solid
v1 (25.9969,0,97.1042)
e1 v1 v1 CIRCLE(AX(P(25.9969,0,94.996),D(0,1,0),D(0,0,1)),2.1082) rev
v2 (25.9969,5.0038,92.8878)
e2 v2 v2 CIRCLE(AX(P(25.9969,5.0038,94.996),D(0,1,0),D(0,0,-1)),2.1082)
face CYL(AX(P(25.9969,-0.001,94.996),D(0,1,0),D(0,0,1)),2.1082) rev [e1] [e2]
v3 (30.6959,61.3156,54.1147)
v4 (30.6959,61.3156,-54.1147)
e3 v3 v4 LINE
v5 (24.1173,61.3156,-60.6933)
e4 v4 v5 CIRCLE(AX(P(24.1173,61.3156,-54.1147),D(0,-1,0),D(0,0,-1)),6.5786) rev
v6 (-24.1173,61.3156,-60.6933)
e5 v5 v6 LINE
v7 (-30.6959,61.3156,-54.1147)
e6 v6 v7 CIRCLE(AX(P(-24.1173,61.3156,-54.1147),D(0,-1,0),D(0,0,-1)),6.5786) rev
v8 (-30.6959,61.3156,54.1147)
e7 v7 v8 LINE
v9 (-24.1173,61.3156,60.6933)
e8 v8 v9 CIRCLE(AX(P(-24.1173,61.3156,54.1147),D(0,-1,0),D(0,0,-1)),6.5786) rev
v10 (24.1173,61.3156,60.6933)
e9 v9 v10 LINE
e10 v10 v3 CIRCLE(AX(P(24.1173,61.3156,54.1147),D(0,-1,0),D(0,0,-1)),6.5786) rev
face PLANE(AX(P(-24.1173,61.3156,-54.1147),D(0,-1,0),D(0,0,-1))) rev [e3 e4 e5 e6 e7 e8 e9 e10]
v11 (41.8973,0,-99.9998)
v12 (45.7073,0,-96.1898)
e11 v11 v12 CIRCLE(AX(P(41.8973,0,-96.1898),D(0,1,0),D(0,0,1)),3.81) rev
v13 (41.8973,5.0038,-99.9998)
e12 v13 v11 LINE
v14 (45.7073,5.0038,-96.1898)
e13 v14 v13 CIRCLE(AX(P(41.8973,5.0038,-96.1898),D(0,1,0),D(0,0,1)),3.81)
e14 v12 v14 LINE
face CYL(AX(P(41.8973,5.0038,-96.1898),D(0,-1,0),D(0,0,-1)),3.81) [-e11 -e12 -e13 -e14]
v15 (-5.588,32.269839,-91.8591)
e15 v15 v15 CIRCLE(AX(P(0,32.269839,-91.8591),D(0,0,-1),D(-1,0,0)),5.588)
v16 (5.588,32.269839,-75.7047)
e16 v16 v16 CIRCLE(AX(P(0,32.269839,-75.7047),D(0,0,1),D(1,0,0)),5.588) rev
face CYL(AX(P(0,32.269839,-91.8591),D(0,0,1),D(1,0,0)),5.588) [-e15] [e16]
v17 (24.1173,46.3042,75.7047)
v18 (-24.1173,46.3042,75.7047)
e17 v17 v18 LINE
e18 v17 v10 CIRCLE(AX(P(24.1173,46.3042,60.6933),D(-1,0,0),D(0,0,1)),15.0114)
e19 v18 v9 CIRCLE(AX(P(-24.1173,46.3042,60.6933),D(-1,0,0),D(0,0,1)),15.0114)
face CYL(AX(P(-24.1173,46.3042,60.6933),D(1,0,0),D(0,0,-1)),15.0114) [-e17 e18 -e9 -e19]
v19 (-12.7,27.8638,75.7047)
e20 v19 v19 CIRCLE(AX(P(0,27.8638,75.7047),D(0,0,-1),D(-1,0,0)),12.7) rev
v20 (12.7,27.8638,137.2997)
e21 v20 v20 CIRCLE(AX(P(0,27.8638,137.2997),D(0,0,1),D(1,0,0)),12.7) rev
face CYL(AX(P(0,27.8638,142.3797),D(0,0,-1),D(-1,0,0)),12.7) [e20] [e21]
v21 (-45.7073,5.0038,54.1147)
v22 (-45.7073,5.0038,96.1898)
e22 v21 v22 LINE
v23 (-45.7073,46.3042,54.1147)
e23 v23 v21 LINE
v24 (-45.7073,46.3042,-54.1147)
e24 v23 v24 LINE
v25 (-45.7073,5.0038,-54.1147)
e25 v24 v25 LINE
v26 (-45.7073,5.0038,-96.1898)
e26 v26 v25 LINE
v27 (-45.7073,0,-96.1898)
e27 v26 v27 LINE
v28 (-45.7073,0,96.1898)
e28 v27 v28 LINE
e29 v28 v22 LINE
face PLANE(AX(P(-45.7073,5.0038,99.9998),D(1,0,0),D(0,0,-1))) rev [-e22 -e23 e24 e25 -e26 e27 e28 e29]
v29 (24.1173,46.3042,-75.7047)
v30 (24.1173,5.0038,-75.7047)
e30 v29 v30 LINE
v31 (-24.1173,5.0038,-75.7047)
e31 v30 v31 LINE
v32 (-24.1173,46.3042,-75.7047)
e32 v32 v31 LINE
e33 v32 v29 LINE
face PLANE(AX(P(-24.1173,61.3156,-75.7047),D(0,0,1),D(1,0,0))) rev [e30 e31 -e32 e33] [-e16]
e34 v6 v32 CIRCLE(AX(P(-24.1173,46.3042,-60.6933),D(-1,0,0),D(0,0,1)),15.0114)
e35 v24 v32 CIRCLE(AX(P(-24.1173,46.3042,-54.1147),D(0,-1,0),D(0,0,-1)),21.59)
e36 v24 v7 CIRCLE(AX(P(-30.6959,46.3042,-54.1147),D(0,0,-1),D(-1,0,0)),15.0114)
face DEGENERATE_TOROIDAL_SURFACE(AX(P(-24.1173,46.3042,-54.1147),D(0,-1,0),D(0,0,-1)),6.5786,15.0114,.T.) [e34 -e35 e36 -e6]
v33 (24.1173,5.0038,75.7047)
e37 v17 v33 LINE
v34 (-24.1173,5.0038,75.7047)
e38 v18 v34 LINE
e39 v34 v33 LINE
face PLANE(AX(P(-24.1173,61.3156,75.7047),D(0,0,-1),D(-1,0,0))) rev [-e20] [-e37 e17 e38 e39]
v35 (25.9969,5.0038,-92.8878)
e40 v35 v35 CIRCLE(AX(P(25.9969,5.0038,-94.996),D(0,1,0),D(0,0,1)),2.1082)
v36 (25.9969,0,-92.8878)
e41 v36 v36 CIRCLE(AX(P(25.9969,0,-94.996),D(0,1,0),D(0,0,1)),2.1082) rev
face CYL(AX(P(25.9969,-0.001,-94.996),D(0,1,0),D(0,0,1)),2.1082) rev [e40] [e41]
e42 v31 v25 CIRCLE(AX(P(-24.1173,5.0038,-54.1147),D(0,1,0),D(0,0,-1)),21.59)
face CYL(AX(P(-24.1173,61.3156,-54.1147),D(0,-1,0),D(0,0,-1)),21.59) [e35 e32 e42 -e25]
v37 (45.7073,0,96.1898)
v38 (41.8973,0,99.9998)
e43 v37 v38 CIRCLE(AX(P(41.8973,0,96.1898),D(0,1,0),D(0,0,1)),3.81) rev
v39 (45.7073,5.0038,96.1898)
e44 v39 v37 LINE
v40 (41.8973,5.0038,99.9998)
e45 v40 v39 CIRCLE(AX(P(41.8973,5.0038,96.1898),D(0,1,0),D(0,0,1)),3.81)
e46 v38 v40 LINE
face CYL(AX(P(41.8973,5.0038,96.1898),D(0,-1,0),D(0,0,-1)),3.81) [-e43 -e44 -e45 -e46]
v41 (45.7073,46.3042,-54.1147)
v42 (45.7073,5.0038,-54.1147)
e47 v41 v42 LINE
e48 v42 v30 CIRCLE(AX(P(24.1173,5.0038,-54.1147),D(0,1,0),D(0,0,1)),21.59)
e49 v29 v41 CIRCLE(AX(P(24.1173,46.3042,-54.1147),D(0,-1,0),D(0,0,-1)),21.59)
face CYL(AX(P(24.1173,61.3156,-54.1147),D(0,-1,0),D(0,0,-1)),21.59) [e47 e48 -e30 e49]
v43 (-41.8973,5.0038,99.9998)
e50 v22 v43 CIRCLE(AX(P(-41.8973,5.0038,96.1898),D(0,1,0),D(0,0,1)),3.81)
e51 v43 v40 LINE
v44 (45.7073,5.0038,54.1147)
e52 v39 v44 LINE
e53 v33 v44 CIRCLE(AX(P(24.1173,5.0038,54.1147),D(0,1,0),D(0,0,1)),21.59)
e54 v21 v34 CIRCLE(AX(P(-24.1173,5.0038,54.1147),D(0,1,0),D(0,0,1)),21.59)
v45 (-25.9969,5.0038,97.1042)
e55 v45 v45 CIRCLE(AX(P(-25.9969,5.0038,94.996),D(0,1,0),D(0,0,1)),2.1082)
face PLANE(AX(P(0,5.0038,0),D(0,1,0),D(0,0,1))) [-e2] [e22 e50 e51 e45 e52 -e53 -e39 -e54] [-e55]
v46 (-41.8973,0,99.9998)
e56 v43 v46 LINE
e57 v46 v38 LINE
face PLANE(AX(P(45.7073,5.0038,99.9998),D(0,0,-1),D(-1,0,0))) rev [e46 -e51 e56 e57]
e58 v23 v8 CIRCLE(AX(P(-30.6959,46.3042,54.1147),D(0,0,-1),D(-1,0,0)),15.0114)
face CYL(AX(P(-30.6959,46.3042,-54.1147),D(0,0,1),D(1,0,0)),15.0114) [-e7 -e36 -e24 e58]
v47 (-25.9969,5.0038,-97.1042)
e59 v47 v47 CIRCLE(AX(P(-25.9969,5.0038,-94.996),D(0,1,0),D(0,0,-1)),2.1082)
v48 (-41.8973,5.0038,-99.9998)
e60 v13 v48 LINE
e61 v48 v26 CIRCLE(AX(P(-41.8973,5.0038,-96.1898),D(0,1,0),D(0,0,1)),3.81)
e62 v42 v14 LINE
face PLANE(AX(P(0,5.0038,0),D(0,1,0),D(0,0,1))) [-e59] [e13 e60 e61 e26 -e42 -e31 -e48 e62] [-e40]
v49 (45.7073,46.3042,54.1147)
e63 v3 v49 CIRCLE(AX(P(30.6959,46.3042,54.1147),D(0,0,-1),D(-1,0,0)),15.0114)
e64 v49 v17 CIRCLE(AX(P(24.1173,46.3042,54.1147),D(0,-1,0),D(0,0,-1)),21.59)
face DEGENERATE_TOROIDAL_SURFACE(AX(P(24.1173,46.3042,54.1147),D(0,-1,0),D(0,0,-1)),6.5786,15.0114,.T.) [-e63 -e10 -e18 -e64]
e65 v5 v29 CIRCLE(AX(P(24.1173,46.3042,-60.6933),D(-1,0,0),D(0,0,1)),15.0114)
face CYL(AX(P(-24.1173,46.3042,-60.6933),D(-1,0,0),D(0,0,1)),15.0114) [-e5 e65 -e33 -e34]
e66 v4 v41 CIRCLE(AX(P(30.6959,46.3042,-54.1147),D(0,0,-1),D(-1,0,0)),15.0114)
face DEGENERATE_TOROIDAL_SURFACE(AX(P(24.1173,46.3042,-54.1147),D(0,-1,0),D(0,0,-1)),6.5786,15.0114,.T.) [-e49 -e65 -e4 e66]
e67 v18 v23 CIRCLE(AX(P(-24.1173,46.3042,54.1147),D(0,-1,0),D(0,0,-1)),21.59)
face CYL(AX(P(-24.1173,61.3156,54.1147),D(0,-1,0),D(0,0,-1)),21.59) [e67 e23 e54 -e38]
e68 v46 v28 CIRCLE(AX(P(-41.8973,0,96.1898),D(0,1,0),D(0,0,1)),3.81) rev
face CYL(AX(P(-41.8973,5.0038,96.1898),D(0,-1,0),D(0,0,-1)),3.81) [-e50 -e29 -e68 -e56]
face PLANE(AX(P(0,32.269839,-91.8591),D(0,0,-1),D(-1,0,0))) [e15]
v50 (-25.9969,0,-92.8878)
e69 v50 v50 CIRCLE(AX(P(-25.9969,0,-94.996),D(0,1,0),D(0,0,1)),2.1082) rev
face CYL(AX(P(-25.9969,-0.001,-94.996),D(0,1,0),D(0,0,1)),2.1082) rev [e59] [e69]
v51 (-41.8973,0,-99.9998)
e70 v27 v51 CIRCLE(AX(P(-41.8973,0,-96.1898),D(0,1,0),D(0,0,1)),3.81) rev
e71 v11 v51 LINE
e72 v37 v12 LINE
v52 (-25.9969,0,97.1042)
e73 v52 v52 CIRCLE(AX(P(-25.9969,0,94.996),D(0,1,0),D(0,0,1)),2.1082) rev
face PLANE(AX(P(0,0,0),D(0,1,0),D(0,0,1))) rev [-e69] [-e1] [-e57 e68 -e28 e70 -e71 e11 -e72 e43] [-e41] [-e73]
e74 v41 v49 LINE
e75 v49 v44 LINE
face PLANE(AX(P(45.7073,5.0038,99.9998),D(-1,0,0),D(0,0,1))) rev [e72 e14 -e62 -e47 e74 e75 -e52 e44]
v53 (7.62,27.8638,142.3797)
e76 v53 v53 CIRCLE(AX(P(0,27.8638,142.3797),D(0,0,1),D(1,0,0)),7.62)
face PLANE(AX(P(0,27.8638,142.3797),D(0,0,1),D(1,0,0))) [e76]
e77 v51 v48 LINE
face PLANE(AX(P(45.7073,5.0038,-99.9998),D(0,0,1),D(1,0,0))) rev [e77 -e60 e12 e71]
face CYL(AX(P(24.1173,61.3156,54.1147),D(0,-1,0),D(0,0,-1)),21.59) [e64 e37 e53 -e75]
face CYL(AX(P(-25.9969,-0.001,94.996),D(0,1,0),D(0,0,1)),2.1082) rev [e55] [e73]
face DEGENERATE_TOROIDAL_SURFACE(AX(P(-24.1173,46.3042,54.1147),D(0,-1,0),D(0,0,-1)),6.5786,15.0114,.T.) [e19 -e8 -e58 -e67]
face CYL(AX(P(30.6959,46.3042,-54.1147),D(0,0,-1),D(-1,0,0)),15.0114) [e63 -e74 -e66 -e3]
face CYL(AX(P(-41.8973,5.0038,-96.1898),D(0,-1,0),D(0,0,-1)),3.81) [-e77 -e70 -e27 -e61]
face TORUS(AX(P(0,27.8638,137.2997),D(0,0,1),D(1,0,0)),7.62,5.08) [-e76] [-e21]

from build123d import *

# Parameters (mm, degrees)
SKETCH1_W           = 91.4146
SKETCH1_H           = 199.9996
BOSS_EXTRUDE1_DEPTH = 5.0038
BOSS_EXTRUDE2_DEPTH = 56.3118
FILLET1_R           = 15.0114
CUT_EXTRUDE1_REACH  = 7.004
SKETCH3_R           = 2.1082
FILLET2_R           = 3.81
SKETCH5_R           = 12.7
BOSS_EXTRUDE3_DEPTH = 66.675
FILLET3_R           = 5.08
SKETCH6_R           = 5.588
BOSS_EXTRUDE4_DEPTH = 16.1544


with BuildPart() as part:
    # Sketch1 → Boss-Extrude1 (new body)
    with BuildSketch(Plane(origin=(0, 0, 0), x_dir=(1, 0, 0), z_dir=(0, 1, 0))):
        Rectangle(SKETCH1_W, SKETCH1_H)
    extrude(amount=BOSS_EXTRUDE1_DEPTH)

    # Sketch2 → Boss-Extrude2 (add)
    with BuildSketch(Plane(origin=(0, 5.0038, 0), x_dir=(1, 0, 0), z_dir=(0, 1, 0))):
        with BuildLine():
            Line((-24.1173, 75.7047), (24.1173, 75.7047))
            ThreePointArc((24.1173, 75.7047), (39.383735406, 69.381135406), (45.7073, 54.1147))
            Line((45.7073, 54.1147), (45.7073, -54.1147))
            ThreePointArc((45.7073, -54.1147), (39.383735406, -69.381135406), (24.1173, -75.7047))
            Line((24.1173, -75.7047), (-24.1173, -75.7047))
            ThreePointArc((-24.1173, -75.7047), (-39.383735406, -69.381135406), (-45.7073, -54.1147))
            Line((-45.7073, -54.1147), (-45.7073, 54.1147))
            ThreePointArc((-45.7073, 54.1147), (-39.383735406, 69.381135406), (-24.1173, 75.7047))
        make_face()
    extrude(amount=BOSS_EXTRUDE2_DEPTH)

    # Fillet1
    fillet1_edges = [part.edges().sort_by_distance(p)[0] for p in [
        (-39.383735406, 61.3156, -69.381135406),
        (-45.7073, 61.3156, 0),
        (-39.383735406, 61.3156, 69.381135406),
        (0, 61.3156, 75.7047),
        (39.383735406, 61.3156, 69.381135406),
        (45.7073, 61.3156, 0),
        (39.383735406, 61.3156, -69.381135406),
        (0, 61.3156, -75.7047),
    ]]
    fillet(fillet1_edges, radius=FILLET1_R)

    # Sketch3 → Cut-Extrude1 (cut, up to next)
    with BuildSketch(Plane(origin=(0, 5.0038, 0), x_dir=(1, 0, 0), z_dir=(0, 1, 0)), mode=Mode.PRIVATE) as cut_extrude1_sk1:
        with Locations((25.9969, 94.996)):
            Circle(SKETCH3_R)
    cut_extrude1_tool1 = extrude(cut_extrude1_sk1.sketch, amount=-CUT_EXTRUDE1_REACH, mode=Mode.PRIVATE) & part.part
    add(cut_extrude1_tool1.solids().sort_by_distance((25.9969, 5.0038, -94.996))[0], mode=Mode.SUBTRACT)
    # Sketch3 → Cut-Extrude1 (cut, up to next)
    with BuildSketch(Plane(origin=(0, 5.0038, 0), x_dir=(1, 0, 0), z_dir=(0, 1, 0)), mode=Mode.PRIVATE) as cut_extrude1_sk2:
        with Locations((-25.9969, 94.996)):
            Circle(SKETCH3_R)
    cut_extrude1_tool2 = extrude(cut_extrude1_sk2.sketch, amount=-CUT_EXTRUDE1_REACH, mode=Mode.PRIVATE) & part.part
    add(cut_extrude1_tool2.solids().sort_by_distance((-25.9969, 5.0038, -94.996))[0], mode=Mode.SUBTRACT)
    # Sketch3 → Cut-Extrude1 (cut, up to next)
    with BuildSketch(Plane(origin=(0, 5.0038, 0), x_dir=(1, 0, 0), z_dir=(0, 1, 0)), mode=Mode.PRIVATE) as cut_extrude1_sk3:
        with Locations((25.9969, -94.996)):
            Circle(SKETCH3_R)
    cut_extrude1_tool3 = extrude(cut_extrude1_sk3.sketch, amount=-CUT_EXTRUDE1_REACH, mode=Mode.PRIVATE) & part.part
    add(cut_extrude1_tool3.solids().sort_by_distance((25.9969, 5.0038, 94.996))[0], mode=Mode.SUBTRACT)
    # Sketch3 → Cut-Extrude1 (cut, up to next)
    with BuildSketch(Plane(origin=(0, 5.0038, 0), x_dir=(1, 0, 0), z_dir=(0, 1, 0)), mode=Mode.PRIVATE) as cut_extrude1_sk4:
        with Locations((-25.9969, -94.996)):
            Circle(SKETCH3_R)
    cut_extrude1_tool4 = extrude(cut_extrude1_sk4.sketch, amount=-CUT_EXTRUDE1_REACH, mode=Mode.PRIVATE) & part.part
    add(cut_extrude1_tool4.solids().sort_by_distance((-25.9969, 5.0038, 94.996))[0], mode=Mode.SUBTRACT)

    # Fillet2
    fillet2_edges = [part.edges().sort_by_distance(p)[0] for p in [
        (45.7073, 2.5019, 99.9998),
        (-45.7073, 2.5019, 99.9998),
        (-45.7073, 2.5019, -99.9998),
        (45.7073, 2.5019, -99.9998),
    ]]
    fillet(fillet2_edges, radius=FILLET2_R)

    # Sketch5 → Boss-Extrude3 (add)
    with BuildSketch(Plane.XY.offset(75.7047)):
        with Locations((0, 27.8638)):
            Circle(SKETCH5_R)
    extrude(amount=BOSS_EXTRUDE3_DEPTH)

    # Fillet3
    fillet3_edges = [part.edges().sort_by_distance(p)[0] for p in [
        (-12.7, 27.8638, 142.3797),
    ]]
    fillet(fillet3_edges, radius=FILLET3_R)

    # Sketch6 → Boss-Extrude4 (add)
    with BuildSketch(Plane(origin=(0, 0, -75.7047), x_dir=(-1, 0, 0), z_dir=(0, 0, -1))):
        with Locations((0, 32.269838727)):
            Circle(SKETCH6_R)
    extrude(amount=BOSS_EXTRUDE4_DEPTH)


solid = part.part
